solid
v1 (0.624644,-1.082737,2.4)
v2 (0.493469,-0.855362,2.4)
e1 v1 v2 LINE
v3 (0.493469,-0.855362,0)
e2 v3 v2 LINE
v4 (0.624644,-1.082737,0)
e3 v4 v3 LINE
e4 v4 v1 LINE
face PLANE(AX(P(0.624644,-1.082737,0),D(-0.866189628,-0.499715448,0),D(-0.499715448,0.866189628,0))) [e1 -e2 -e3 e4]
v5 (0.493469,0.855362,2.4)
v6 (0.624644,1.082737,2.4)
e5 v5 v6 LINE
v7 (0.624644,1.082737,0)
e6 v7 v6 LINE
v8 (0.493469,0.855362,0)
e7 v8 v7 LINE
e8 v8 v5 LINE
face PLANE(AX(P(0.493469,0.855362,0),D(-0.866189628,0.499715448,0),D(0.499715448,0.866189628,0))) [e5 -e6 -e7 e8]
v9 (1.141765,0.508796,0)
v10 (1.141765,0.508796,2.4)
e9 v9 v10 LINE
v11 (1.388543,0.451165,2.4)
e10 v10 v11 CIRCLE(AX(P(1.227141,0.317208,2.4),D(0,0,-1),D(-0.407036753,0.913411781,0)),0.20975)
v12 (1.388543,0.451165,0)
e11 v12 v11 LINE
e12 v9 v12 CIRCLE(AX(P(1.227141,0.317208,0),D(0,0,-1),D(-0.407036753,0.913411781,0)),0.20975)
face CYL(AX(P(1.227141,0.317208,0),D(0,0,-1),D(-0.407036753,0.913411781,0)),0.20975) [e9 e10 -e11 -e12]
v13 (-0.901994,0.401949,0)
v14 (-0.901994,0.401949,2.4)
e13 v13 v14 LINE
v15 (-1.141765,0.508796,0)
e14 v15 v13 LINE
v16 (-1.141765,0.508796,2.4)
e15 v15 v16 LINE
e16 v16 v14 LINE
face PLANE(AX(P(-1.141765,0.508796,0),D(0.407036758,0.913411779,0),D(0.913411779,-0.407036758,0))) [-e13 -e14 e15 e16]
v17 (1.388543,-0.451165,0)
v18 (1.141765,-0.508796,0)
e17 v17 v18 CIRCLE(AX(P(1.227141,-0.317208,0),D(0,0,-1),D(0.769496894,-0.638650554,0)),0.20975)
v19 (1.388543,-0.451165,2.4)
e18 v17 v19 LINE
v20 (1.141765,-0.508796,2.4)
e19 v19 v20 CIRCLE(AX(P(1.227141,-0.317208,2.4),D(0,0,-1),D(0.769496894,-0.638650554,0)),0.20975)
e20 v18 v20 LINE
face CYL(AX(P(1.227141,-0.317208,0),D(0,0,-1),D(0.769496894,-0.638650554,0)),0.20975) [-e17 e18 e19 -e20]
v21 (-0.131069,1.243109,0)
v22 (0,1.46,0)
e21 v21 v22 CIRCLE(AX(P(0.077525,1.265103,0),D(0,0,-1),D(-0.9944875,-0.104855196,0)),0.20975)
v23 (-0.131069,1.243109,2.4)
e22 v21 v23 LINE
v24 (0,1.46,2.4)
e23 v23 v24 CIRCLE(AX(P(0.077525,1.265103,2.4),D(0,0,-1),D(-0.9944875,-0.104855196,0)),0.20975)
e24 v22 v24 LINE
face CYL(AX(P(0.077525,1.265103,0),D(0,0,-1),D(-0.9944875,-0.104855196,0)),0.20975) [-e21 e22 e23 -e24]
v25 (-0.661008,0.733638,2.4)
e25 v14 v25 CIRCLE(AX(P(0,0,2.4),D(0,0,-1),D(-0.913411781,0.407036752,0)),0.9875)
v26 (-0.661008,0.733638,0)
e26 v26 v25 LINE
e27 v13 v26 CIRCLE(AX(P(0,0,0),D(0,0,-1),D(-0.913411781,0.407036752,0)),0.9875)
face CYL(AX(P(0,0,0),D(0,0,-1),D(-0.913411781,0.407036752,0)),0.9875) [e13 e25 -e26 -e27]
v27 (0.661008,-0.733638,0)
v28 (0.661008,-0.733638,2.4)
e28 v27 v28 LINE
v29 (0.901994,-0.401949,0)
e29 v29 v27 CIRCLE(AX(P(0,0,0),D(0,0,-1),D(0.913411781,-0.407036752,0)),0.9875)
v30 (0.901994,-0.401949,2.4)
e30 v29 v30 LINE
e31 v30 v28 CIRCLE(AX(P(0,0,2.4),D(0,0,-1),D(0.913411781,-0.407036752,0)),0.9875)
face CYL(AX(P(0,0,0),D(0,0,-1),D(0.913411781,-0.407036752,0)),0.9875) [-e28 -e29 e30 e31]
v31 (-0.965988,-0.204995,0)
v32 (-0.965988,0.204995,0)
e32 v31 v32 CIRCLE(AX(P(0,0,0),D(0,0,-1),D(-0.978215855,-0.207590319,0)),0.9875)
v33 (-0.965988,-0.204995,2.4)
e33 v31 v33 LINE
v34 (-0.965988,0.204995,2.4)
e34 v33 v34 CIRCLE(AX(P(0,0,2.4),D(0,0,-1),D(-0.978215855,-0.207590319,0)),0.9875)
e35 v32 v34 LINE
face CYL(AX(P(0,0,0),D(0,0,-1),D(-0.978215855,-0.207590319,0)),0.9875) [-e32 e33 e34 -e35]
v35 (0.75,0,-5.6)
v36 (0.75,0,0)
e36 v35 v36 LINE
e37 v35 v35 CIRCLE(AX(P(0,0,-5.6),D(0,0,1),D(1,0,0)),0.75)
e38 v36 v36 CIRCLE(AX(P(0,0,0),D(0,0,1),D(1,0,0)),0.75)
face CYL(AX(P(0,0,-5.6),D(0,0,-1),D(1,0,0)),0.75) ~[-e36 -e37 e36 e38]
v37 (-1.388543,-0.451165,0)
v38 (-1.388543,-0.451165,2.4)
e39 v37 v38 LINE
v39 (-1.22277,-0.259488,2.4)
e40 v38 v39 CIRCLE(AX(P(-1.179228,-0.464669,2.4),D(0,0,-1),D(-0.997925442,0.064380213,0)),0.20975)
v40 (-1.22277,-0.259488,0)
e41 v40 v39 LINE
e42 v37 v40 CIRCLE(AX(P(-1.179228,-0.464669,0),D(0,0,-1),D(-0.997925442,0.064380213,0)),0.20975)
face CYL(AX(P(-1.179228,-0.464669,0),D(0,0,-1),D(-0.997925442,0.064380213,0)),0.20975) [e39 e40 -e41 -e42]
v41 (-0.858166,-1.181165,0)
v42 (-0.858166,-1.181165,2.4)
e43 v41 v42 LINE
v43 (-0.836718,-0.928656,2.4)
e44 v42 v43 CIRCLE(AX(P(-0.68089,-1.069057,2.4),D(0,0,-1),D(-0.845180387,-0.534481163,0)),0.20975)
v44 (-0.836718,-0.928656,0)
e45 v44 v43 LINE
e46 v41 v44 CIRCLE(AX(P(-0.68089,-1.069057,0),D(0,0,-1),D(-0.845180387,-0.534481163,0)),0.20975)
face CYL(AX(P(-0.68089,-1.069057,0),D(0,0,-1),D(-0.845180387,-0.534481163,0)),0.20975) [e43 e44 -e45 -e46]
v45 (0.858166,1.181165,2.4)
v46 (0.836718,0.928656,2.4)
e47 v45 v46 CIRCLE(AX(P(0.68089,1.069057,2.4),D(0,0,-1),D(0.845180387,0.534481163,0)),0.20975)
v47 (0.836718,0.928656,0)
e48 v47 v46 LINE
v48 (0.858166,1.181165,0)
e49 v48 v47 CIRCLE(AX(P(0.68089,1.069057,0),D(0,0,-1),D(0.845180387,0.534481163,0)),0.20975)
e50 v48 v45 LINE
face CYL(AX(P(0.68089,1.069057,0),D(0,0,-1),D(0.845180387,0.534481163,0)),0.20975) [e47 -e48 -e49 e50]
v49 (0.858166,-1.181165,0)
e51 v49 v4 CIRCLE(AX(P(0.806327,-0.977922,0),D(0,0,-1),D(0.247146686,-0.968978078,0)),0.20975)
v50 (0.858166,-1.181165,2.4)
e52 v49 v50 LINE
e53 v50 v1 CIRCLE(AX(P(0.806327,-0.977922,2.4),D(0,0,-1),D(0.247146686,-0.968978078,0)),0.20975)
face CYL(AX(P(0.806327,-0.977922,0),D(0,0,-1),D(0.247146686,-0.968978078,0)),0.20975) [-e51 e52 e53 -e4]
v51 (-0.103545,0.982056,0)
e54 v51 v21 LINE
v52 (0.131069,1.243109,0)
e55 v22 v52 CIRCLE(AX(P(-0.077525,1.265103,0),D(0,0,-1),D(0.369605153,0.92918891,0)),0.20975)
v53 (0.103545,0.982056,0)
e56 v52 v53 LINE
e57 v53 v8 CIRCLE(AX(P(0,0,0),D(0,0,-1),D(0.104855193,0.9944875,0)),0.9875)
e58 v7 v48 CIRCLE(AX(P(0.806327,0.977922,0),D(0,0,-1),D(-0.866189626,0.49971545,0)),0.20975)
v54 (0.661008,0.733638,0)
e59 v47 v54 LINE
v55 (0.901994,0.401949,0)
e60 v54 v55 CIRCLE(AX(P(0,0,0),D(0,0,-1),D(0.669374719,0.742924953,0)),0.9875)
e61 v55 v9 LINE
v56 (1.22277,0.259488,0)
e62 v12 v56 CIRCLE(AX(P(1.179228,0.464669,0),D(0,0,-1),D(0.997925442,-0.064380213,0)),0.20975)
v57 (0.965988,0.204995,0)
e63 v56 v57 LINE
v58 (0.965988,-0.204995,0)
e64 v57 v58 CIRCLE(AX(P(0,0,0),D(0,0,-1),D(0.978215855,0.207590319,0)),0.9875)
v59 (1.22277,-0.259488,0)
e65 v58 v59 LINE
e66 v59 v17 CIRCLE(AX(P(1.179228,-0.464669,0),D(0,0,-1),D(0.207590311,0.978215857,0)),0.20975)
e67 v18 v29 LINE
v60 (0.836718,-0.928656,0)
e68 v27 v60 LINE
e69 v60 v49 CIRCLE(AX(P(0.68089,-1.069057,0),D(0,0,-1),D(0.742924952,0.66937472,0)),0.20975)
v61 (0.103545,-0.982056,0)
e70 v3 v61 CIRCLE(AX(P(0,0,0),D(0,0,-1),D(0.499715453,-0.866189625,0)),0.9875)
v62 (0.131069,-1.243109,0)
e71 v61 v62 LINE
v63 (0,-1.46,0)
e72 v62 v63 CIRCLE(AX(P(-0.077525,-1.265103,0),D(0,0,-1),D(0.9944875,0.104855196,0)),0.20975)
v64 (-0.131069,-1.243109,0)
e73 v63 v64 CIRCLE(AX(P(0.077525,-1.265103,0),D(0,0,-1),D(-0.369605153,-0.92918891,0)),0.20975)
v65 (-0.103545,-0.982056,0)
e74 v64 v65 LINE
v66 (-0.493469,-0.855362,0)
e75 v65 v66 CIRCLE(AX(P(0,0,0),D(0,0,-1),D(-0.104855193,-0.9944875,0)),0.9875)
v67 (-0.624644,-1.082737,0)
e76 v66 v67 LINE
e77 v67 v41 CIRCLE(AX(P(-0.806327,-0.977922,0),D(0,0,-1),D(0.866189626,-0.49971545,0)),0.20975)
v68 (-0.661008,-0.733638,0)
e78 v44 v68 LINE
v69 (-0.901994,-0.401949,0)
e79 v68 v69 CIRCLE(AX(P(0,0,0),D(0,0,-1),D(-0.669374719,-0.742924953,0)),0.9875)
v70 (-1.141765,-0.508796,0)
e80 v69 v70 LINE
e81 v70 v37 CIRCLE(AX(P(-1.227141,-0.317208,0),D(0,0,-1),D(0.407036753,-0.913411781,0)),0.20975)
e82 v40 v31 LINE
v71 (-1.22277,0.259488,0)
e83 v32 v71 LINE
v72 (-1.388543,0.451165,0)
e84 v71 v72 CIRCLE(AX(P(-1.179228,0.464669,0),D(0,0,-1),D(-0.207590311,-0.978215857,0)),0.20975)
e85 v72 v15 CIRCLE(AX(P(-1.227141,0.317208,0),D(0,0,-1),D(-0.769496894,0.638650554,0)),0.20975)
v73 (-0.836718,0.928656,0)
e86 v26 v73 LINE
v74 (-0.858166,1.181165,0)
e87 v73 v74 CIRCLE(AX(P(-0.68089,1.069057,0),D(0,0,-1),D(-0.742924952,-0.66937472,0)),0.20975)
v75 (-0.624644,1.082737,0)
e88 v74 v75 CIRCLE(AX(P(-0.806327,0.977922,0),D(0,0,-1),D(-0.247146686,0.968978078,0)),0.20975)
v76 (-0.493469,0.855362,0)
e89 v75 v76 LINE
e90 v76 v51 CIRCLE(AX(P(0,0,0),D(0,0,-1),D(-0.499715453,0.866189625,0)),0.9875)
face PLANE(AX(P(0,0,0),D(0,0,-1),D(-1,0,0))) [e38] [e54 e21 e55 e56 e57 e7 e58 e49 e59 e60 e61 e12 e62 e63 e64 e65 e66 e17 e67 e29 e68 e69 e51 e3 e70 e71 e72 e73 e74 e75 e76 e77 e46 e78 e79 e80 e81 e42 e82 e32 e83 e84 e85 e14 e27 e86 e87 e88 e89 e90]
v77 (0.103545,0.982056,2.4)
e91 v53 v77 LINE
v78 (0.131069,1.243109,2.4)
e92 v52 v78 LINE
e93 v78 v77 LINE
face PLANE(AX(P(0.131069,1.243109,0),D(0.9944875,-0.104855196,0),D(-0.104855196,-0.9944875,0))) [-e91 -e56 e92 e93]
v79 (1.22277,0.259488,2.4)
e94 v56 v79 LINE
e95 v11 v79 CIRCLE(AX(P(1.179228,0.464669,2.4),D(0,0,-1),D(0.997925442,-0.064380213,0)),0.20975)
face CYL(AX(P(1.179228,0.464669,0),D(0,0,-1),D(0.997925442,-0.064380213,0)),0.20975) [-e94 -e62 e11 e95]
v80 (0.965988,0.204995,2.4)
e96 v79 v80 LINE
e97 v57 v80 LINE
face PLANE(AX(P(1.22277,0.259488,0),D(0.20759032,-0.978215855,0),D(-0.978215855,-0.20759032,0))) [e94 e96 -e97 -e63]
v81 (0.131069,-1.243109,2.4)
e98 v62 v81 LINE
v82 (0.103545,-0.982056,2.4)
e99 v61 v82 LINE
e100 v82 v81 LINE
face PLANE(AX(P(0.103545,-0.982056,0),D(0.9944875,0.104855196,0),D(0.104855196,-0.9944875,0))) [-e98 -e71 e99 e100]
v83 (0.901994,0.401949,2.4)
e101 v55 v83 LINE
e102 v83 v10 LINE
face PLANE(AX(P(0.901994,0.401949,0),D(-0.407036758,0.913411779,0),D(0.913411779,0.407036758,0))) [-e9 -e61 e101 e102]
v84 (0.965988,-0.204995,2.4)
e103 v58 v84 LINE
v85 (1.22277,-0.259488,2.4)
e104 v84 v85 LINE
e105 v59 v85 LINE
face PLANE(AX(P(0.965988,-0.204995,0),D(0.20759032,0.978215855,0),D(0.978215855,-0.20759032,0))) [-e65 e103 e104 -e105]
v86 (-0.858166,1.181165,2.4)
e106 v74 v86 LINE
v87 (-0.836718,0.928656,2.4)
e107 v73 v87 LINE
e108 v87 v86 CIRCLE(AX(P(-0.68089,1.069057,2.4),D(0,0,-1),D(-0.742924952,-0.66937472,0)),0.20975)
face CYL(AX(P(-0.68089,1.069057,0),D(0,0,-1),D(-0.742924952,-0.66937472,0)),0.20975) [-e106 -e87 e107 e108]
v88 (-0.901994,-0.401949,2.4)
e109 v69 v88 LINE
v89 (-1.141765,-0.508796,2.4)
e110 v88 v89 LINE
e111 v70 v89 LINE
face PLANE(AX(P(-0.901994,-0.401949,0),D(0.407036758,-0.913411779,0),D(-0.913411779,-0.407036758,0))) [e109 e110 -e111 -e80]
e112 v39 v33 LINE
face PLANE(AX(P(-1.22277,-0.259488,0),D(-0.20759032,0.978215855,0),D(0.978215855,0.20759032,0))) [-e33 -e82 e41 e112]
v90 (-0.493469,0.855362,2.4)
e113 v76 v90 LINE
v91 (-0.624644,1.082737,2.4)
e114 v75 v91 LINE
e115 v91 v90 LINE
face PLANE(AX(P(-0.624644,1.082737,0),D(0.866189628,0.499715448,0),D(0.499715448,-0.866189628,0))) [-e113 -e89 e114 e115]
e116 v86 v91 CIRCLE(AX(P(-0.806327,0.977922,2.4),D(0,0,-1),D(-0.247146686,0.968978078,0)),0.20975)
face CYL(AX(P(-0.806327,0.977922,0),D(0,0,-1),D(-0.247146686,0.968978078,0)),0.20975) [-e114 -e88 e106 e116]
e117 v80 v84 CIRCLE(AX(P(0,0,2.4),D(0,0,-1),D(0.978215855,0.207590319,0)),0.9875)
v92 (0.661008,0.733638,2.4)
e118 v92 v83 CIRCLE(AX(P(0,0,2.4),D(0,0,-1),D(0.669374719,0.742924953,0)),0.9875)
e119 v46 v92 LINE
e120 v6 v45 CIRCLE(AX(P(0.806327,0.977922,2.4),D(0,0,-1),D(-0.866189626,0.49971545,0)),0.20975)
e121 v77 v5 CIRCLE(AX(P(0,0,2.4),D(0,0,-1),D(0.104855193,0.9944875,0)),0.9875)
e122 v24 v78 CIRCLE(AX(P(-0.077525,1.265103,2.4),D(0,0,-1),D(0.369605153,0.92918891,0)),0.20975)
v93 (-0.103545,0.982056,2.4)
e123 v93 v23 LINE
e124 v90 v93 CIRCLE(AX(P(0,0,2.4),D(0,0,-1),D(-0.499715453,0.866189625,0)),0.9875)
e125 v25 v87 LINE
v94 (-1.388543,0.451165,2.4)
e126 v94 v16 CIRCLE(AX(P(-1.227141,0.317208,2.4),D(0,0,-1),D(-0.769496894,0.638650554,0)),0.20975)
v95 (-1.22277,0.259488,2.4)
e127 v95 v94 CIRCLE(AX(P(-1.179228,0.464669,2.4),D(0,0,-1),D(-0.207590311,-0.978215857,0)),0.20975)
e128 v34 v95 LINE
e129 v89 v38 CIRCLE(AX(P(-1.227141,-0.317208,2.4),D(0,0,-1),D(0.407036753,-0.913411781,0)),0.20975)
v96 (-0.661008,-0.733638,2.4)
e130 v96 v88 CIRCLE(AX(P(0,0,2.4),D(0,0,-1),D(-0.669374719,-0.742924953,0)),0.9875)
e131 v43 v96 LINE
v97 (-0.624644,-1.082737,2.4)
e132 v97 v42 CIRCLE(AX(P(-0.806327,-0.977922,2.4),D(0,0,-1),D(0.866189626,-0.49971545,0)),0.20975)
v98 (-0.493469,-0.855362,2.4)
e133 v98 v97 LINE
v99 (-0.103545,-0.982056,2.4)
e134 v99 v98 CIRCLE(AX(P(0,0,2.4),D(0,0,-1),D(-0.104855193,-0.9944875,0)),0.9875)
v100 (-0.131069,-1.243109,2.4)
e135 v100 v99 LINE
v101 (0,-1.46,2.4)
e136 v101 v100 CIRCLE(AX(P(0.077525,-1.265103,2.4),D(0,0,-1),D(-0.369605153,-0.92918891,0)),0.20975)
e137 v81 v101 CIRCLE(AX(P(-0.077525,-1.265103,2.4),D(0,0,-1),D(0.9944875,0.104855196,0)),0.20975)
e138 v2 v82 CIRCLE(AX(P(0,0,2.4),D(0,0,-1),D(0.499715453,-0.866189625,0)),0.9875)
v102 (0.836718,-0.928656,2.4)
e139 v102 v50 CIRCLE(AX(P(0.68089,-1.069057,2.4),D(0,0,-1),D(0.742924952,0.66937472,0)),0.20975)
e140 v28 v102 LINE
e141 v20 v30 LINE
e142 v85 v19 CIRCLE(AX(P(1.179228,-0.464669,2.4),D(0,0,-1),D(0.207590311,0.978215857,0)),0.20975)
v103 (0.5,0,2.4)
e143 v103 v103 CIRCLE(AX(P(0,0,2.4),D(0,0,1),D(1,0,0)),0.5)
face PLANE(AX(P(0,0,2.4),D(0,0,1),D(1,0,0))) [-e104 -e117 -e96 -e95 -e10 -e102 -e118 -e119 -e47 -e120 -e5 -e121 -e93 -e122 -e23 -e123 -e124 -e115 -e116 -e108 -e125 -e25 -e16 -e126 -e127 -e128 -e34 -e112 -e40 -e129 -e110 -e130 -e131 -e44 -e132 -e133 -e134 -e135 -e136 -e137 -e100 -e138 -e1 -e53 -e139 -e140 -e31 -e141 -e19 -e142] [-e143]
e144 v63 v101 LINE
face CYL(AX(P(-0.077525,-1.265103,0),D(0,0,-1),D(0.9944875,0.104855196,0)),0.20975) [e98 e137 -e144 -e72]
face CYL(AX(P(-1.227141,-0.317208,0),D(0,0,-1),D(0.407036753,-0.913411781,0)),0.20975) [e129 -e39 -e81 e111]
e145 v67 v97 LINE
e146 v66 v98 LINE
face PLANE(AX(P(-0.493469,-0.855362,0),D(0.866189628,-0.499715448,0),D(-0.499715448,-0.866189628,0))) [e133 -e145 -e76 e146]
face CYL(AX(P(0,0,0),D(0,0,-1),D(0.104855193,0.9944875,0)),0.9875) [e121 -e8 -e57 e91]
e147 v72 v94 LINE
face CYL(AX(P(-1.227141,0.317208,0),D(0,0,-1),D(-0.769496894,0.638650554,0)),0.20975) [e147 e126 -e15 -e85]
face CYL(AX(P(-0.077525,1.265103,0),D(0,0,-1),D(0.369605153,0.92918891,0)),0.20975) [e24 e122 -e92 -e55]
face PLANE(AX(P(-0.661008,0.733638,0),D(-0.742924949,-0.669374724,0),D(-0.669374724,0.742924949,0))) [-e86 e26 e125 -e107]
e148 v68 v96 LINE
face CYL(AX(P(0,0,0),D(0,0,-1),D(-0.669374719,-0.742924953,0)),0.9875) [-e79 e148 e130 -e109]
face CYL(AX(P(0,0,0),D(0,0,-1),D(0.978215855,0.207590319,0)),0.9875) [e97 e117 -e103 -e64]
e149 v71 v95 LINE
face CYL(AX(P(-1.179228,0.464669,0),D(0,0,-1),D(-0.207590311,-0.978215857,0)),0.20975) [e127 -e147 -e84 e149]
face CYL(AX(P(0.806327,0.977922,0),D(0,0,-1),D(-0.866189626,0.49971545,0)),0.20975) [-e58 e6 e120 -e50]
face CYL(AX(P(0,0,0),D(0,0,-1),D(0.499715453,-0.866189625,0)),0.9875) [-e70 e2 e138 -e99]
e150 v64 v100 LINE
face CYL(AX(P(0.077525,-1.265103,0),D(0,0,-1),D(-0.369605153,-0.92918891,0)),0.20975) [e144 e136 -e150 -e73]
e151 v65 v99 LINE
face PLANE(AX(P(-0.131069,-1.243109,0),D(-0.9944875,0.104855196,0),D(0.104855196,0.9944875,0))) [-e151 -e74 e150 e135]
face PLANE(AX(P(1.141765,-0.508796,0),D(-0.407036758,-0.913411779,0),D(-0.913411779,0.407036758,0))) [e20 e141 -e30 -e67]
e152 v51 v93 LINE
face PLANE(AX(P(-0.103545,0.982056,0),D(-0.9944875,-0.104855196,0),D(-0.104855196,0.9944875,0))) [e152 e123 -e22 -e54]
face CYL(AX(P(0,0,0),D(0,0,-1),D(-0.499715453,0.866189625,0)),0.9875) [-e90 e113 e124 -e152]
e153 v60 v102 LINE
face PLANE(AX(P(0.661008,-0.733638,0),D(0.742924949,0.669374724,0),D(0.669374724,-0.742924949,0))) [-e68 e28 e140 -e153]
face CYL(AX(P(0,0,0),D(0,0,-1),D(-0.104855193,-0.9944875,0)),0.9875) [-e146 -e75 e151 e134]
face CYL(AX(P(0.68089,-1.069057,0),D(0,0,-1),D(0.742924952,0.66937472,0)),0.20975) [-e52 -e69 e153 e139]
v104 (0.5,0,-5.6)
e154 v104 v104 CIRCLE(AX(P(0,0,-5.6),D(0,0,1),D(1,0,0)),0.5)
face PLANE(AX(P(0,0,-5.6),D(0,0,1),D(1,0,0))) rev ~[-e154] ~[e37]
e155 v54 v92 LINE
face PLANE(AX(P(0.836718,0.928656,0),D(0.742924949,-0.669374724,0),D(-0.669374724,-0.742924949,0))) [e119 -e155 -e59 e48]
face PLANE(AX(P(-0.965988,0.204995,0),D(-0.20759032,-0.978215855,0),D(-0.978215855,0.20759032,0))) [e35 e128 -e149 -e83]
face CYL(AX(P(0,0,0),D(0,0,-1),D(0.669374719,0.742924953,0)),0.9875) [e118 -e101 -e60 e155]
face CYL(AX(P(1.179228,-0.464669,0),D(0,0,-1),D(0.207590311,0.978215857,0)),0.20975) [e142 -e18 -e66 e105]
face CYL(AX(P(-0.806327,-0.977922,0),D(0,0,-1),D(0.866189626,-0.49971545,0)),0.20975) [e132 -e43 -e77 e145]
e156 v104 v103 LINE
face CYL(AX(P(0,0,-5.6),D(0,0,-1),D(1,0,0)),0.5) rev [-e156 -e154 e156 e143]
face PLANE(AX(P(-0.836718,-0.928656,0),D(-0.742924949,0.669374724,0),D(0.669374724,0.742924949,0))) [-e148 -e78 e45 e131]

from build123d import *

# Parameters (mm, degrees)
SKETCH1_R           = 0.75
BOSS_EXTRUDE1_DEPTH = 2.4
BOSS_EXTRUDE2_START = -8
SKETCH2_R           = 0.75
SKETCH2_R_2         = 0.5
BOSS_EXTRUDE2_DEPTH = 8


with BuildPart() as part:
    # Sketch1 → Boss-Extrude1 (new body)
    with BuildSketch(Plane.XY):
        with BuildLine():
            Line((-0.103544507, 0.982056406), (-0.131068996, 1.243109375))
            ThreePointArc((-0.131068996, 1.243109375), (-0.10199222, 1.373586424), (0, 1.46))
            ThreePointArc((0, 1.46), (0.10199222, 1.373586424), (0.131068996, 1.243109375))
            Line((0.131068996, 1.243109375), (0.103544507, 0.982056406))
            ThreePointArc((0.103544507, 0.982056406), (0.305154282, 0.93916831), (0.493469007, 0.855362256))
            Line((0.493469007, 0.855362256), (0.624644312, 1.082737033))
            ThreePointArc((0.624644312, 1.082737033), (0.724860403, 1.171204283), (0.858166468, 1.181164812))
            ThreePointArc((0.858166468, 1.181164812), (0.889887282, 1.051305237), (0.836718403, 0.928656187))
            Line((0.836718403, 0.928656187), (0.661007538, 0.733638388))
            ThreePointArc((0.661007538, 0.733638388), (0.798904282, 0.580437937), (0.901994132, 0.401948797))
            Line((0.901994132, 0.401948797), (1.141764724, 0.508795946))
            ThreePointArc((1.141764724, 0.508795946), (1.27484099, 0.521461914), (1.388542514, 0.451164812))
            ThreePointArc((1.388542514, 0.451164812), (1.337875649, 0.327461182), (1.222769819, 0.2594879))
            Line((1.222769819, 0.2594879), (0.965988157, 0.204995441))
            ThreePointArc((0.965988157, 0.204995441), (0.9875, 0), (0.965988157, -0.204995441))
            Line((0.965988157, -0.204995441), (1.222769819, -0.2594879))
            ThreePointArc((1.222769819, -0.2594879), (1.337875649, -0.327461182), (1.388542514, -0.451164812))
            ThreePointArc((1.388542514, -0.451164812), (1.27484099, -0.521461914), (1.141764724, -0.508795946))
            Line((1.141764724, -0.508795946), (0.901994132, -0.401948797))
            ThreePointArc((0.901994132, -0.401948797), (0.798904282, -0.580437937), (0.661007538, -0.733638388))
            Line((0.661007538, -0.733638388), (0.836718403, -0.928656187))
            ThreePointArc((0.836718403, -0.928656187), (0.889887282, -1.051305237), (0.858166468, -1.181164812))
            ThreePointArc((0.858166468, -1.181164812), (0.724860403, -1.171204283), (0.624644312, -1.082737033))
            Line((0.624644312, -1.082737033), (0.493469007, -0.855362256))
            ThreePointArc((0.493469007, -0.855362256), (0.305154282, -0.93916831), (0.103544507, -0.982056406))
            Line((0.103544507, -0.982056406), (0.131068996, -1.243109375))
            ThreePointArc((0.131068996, -1.243109375), (0.10199222, -1.373586424), (0, -1.46))
            ThreePointArc((0, -1.46), (-0.10199222, -1.373586424), (-0.131068996, -1.243109375))
            Line((-0.131068996, -1.243109375), (-0.103544507, -0.982056406))
            ThreePointArc((-0.103544507, -0.982056406), (-0.305154282, -0.93916831), (-0.493469007, -0.855362256))
            Line((-0.493469007, -0.855362256), (-0.624644312, -1.082737033))
            ThreePointArc((-0.624644312, -1.082737033), (-0.724860403, -1.171204283), (-0.858166468, -1.181164812))
            ThreePointArc((-0.858166468, -1.181164812), (-0.889887282, -1.051305237), (-0.836718403, -0.928656187))
            Line((-0.836718403, -0.928656187), (-0.661007538, -0.733638388))
            ThreePointArc((-0.661007538, -0.733638388), (-0.798904282, -0.580437937), (-0.901994132, -0.401948797))
            Line((-0.901994132, -0.401948797), (-1.141764724, -0.508795946))
            ThreePointArc((-1.141764724, -0.508795946), (-1.27484099, -0.521461914), (-1.388542514, -0.451164812))
            ThreePointArc((-1.388542514, -0.451164812), (-1.337875649, -0.327461182), (-1.222769819, -0.2594879))
            Line((-1.222769819, -0.2594879), (-0.965988157, -0.204995441))
            ThreePointArc((-0.965988157, -0.204995441), (-0.9875, 0), (-0.965988157, 0.204995441))
            Line((-0.965988157, 0.204995441), (-1.222769819, 0.2594879))
            ThreePointArc((-1.222769819, 0.2594879), (-1.337875649, 0.327461182), (-1.388542514, 0.451164812))
            ThreePointArc((-1.388542514, 0.451164812), (-1.27484099, 0.521461914), (-1.141764724, 0.508795946))
            Line((-1.141764724, 0.508795946), (-0.901994132, 0.401948797))
            ThreePointArc((-0.901994132, 0.401948797), (-0.798904282, 0.580437937), (-0.661007538, 0.733638388))
            Line((-0.661007538, 0.733638388), (-0.836718403, 0.928656187))
            ThreePointArc((-0.836718403, 0.928656187), (-0.889887282, 1.051305237), (-0.858166468, 1.181164812))
            ThreePointArc((-0.858166468, 1.181164812), (-0.724860403, 1.171204283), (-0.624644312, 1.082737033))
            Line((-0.624644312, 1.082737033), (-0.493469007, 0.855362256))
            ThreePointArc((-0.493469007, 0.855362256), (-0.305154282, 0.93916831), (-0.103544507, 0.982056406))
        make_face()
        Circle(SKETCH1_R, mode=Mode.SUBTRACT)
    extrude(amount=BOSS_EXTRUDE1_DEPTH)

    # Sketch2 → Boss-Extrude2 (add)
    with BuildSketch(Plane.XY.offset(2.4).offset(BOSS_EXTRUDE2_START)):
        Circle(SKETCH2_R)
        Circle(SKETCH2_R_2, mode=Mode.SUBTRACT)
    extrude(amount=BOSS_EXTRUDE2_DEPTH)


solid = part.part
